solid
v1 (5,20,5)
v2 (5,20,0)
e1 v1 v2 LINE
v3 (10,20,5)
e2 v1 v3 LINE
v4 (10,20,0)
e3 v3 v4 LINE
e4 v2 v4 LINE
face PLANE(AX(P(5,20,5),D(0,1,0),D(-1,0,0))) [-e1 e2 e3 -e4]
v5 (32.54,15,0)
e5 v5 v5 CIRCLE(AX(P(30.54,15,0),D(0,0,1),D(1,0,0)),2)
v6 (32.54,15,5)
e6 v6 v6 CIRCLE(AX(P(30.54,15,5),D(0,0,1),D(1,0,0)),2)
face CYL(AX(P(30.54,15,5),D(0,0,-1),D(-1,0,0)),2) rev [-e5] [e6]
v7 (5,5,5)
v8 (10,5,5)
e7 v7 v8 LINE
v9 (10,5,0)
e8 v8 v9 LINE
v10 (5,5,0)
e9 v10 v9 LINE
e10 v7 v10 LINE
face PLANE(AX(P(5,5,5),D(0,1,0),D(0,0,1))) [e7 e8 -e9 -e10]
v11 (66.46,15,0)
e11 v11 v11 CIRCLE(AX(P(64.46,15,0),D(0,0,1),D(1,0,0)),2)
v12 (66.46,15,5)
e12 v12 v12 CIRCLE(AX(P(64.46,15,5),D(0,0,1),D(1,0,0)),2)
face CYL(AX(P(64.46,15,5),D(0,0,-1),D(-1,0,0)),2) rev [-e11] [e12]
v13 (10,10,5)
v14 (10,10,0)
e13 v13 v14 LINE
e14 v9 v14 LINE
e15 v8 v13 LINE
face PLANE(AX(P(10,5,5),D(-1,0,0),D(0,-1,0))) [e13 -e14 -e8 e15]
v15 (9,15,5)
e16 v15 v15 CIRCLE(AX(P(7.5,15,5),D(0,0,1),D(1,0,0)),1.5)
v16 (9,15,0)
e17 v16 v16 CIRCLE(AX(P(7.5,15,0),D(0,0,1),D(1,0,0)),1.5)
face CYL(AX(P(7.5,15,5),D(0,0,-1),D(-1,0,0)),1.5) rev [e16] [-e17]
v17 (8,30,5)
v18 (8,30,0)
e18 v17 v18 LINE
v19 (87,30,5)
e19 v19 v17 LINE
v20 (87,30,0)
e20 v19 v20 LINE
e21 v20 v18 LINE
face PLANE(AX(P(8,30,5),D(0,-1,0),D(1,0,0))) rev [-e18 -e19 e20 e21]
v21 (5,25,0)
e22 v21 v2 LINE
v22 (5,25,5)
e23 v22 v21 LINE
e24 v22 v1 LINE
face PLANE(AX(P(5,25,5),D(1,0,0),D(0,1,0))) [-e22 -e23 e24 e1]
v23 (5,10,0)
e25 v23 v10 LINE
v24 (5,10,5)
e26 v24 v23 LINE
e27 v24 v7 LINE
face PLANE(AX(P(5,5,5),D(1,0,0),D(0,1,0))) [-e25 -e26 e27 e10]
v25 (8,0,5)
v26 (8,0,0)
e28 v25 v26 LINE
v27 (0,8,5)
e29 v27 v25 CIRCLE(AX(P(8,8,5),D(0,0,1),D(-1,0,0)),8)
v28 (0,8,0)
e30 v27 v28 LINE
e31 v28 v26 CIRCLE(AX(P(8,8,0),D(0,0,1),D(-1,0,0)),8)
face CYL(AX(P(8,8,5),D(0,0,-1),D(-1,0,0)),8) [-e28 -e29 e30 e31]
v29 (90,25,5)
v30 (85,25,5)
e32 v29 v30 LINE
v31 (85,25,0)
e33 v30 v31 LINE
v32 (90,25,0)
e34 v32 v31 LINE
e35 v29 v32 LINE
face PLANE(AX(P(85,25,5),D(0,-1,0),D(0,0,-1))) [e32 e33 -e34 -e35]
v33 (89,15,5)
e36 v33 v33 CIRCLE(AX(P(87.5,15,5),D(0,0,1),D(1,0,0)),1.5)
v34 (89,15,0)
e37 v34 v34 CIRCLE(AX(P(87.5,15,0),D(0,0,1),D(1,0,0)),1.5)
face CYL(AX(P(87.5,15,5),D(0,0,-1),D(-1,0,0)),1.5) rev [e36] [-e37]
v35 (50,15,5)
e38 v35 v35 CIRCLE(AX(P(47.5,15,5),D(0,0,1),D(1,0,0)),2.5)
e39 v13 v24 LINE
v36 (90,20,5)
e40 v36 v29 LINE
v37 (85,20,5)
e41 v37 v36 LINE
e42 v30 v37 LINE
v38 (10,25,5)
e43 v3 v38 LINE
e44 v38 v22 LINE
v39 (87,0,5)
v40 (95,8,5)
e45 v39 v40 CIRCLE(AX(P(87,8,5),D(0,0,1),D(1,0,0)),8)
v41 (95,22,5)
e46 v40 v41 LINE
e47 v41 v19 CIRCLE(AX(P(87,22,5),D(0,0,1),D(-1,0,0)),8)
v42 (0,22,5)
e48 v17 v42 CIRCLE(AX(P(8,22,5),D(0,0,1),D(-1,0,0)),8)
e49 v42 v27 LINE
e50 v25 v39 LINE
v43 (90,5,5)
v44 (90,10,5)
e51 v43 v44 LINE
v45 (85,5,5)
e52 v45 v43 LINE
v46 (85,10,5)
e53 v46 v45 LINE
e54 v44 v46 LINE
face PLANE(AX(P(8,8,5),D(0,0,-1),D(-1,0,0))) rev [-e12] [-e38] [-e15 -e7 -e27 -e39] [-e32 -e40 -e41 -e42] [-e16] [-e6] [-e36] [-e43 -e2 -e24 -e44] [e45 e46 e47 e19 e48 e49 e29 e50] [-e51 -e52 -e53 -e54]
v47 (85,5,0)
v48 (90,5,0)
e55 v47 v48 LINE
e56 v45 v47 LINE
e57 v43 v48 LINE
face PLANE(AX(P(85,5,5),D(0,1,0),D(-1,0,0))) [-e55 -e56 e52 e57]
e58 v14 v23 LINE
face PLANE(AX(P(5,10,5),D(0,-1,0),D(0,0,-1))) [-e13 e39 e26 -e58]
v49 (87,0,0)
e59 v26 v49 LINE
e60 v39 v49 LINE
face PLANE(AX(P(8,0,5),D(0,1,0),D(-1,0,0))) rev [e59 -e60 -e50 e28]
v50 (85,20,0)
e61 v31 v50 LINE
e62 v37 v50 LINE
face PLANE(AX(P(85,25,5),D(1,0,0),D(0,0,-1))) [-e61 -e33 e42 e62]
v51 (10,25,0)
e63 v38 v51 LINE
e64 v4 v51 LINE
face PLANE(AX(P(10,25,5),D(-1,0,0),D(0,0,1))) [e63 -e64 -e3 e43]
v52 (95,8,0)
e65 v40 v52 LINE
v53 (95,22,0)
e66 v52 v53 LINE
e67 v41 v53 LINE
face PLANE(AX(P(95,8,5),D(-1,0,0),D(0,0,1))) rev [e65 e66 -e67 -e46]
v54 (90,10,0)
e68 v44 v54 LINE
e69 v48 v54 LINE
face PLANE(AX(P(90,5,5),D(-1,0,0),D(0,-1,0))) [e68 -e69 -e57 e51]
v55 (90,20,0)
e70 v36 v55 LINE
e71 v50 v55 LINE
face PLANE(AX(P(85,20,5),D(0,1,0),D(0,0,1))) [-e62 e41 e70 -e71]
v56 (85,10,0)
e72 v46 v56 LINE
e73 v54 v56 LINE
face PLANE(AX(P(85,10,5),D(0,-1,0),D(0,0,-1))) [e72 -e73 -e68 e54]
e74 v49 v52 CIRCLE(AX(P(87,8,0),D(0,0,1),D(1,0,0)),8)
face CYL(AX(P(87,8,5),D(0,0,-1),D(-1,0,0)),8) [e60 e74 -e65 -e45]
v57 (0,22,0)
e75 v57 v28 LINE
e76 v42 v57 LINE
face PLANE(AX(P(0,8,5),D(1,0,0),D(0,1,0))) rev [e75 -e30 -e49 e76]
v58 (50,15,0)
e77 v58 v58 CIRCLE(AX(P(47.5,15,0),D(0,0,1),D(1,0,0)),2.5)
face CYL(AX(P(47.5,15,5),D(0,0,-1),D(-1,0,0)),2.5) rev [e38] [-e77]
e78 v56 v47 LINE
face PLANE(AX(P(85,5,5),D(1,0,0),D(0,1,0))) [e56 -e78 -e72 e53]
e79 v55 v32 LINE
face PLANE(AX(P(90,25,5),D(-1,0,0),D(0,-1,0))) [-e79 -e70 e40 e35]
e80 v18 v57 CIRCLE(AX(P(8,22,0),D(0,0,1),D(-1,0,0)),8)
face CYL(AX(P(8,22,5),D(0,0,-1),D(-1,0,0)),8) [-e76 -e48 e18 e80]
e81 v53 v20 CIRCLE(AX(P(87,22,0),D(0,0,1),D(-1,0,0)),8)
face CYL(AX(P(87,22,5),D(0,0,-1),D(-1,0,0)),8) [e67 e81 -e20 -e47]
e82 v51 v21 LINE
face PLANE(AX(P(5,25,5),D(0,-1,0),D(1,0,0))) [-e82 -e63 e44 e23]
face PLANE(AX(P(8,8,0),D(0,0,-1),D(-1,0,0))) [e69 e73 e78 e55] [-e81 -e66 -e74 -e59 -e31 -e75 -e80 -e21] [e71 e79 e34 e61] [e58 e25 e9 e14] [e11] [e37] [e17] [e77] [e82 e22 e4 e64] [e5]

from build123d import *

# Parameters (mm, degrees)
ESQUISSE1_R        = 1.5
ESQUISSE1_R_2      = 2
ESQUISSE1_R_3      = 2.5
ESQUISSE1_W        = 5
ESQUISSE1_H        = 5
BOSS_EXTRU_1_DEPTH = 5


with BuildPart() as part:
    # Esquisse1 → Boss.-Extru.1 (new body)
    with BuildSketch(Plane.XY):
        with BuildLine():
            Line((8, 0), (87, 0))
            ThreePointArc((87, 0), (92.656854249, 2.343145751), (95, 8))
            Line((95, 8), (95, 22))
            ThreePointArc((95, 22), (92.656854249, 27.656854249), (87, 30))
            Line((87, 30), (8, 30))
            ThreePointArc((8, 30), (2.343145751, 27.656854249), (0, 22))
            Line((0, 22), (0, 8))
            ThreePointArc((0, 8), (2.343145751, 2.343145751), (8, 0))
        make_face()
        with Locations((7.5, 15)):
            Circle(ESQUISSE1_R, mode=Mode.SUBTRACT)
        with Locations((87.5, 15)):
            Circle(ESQUISSE1_R, mode=Mode.SUBTRACT)
        with Locations((30.54, 15)):
            Circle(ESQUISSE1_R_2, mode=Mode.SUBTRACT)
        with Locations((64.46, 15)):
            Circle(ESQUISSE1_R_2, mode=Mode.SUBTRACT)
        with Locations((47.5, 15)):
            Circle(ESQUISSE1_R_3, mode=Mode.SUBTRACT)
        with Locations((7.5, 22.5)):
            Rectangle(ESQUISSE1_W, ESQUISSE1_H, mode=Mode.SUBTRACT)
        with Locations((87.5, 22.5)):
            Rectangle(ESQUISSE1_W, ESQUISSE1_H, mode=Mode.SUBTRACT)
        with Locations((87.5, 7.5)):
            Rectangle(ESQUISSE1_W, ESQUISSE1_H, mode=Mode.SUBTRACT)
        with Locations((7.5, 7.5)):
            Rectangle(ESQUISSE1_W, ESQUISSE1_H, mode=Mode.SUBTRACT)
    extrude(amount=BOSS_EXTRU_1_DEPTH)


solid = part.part
